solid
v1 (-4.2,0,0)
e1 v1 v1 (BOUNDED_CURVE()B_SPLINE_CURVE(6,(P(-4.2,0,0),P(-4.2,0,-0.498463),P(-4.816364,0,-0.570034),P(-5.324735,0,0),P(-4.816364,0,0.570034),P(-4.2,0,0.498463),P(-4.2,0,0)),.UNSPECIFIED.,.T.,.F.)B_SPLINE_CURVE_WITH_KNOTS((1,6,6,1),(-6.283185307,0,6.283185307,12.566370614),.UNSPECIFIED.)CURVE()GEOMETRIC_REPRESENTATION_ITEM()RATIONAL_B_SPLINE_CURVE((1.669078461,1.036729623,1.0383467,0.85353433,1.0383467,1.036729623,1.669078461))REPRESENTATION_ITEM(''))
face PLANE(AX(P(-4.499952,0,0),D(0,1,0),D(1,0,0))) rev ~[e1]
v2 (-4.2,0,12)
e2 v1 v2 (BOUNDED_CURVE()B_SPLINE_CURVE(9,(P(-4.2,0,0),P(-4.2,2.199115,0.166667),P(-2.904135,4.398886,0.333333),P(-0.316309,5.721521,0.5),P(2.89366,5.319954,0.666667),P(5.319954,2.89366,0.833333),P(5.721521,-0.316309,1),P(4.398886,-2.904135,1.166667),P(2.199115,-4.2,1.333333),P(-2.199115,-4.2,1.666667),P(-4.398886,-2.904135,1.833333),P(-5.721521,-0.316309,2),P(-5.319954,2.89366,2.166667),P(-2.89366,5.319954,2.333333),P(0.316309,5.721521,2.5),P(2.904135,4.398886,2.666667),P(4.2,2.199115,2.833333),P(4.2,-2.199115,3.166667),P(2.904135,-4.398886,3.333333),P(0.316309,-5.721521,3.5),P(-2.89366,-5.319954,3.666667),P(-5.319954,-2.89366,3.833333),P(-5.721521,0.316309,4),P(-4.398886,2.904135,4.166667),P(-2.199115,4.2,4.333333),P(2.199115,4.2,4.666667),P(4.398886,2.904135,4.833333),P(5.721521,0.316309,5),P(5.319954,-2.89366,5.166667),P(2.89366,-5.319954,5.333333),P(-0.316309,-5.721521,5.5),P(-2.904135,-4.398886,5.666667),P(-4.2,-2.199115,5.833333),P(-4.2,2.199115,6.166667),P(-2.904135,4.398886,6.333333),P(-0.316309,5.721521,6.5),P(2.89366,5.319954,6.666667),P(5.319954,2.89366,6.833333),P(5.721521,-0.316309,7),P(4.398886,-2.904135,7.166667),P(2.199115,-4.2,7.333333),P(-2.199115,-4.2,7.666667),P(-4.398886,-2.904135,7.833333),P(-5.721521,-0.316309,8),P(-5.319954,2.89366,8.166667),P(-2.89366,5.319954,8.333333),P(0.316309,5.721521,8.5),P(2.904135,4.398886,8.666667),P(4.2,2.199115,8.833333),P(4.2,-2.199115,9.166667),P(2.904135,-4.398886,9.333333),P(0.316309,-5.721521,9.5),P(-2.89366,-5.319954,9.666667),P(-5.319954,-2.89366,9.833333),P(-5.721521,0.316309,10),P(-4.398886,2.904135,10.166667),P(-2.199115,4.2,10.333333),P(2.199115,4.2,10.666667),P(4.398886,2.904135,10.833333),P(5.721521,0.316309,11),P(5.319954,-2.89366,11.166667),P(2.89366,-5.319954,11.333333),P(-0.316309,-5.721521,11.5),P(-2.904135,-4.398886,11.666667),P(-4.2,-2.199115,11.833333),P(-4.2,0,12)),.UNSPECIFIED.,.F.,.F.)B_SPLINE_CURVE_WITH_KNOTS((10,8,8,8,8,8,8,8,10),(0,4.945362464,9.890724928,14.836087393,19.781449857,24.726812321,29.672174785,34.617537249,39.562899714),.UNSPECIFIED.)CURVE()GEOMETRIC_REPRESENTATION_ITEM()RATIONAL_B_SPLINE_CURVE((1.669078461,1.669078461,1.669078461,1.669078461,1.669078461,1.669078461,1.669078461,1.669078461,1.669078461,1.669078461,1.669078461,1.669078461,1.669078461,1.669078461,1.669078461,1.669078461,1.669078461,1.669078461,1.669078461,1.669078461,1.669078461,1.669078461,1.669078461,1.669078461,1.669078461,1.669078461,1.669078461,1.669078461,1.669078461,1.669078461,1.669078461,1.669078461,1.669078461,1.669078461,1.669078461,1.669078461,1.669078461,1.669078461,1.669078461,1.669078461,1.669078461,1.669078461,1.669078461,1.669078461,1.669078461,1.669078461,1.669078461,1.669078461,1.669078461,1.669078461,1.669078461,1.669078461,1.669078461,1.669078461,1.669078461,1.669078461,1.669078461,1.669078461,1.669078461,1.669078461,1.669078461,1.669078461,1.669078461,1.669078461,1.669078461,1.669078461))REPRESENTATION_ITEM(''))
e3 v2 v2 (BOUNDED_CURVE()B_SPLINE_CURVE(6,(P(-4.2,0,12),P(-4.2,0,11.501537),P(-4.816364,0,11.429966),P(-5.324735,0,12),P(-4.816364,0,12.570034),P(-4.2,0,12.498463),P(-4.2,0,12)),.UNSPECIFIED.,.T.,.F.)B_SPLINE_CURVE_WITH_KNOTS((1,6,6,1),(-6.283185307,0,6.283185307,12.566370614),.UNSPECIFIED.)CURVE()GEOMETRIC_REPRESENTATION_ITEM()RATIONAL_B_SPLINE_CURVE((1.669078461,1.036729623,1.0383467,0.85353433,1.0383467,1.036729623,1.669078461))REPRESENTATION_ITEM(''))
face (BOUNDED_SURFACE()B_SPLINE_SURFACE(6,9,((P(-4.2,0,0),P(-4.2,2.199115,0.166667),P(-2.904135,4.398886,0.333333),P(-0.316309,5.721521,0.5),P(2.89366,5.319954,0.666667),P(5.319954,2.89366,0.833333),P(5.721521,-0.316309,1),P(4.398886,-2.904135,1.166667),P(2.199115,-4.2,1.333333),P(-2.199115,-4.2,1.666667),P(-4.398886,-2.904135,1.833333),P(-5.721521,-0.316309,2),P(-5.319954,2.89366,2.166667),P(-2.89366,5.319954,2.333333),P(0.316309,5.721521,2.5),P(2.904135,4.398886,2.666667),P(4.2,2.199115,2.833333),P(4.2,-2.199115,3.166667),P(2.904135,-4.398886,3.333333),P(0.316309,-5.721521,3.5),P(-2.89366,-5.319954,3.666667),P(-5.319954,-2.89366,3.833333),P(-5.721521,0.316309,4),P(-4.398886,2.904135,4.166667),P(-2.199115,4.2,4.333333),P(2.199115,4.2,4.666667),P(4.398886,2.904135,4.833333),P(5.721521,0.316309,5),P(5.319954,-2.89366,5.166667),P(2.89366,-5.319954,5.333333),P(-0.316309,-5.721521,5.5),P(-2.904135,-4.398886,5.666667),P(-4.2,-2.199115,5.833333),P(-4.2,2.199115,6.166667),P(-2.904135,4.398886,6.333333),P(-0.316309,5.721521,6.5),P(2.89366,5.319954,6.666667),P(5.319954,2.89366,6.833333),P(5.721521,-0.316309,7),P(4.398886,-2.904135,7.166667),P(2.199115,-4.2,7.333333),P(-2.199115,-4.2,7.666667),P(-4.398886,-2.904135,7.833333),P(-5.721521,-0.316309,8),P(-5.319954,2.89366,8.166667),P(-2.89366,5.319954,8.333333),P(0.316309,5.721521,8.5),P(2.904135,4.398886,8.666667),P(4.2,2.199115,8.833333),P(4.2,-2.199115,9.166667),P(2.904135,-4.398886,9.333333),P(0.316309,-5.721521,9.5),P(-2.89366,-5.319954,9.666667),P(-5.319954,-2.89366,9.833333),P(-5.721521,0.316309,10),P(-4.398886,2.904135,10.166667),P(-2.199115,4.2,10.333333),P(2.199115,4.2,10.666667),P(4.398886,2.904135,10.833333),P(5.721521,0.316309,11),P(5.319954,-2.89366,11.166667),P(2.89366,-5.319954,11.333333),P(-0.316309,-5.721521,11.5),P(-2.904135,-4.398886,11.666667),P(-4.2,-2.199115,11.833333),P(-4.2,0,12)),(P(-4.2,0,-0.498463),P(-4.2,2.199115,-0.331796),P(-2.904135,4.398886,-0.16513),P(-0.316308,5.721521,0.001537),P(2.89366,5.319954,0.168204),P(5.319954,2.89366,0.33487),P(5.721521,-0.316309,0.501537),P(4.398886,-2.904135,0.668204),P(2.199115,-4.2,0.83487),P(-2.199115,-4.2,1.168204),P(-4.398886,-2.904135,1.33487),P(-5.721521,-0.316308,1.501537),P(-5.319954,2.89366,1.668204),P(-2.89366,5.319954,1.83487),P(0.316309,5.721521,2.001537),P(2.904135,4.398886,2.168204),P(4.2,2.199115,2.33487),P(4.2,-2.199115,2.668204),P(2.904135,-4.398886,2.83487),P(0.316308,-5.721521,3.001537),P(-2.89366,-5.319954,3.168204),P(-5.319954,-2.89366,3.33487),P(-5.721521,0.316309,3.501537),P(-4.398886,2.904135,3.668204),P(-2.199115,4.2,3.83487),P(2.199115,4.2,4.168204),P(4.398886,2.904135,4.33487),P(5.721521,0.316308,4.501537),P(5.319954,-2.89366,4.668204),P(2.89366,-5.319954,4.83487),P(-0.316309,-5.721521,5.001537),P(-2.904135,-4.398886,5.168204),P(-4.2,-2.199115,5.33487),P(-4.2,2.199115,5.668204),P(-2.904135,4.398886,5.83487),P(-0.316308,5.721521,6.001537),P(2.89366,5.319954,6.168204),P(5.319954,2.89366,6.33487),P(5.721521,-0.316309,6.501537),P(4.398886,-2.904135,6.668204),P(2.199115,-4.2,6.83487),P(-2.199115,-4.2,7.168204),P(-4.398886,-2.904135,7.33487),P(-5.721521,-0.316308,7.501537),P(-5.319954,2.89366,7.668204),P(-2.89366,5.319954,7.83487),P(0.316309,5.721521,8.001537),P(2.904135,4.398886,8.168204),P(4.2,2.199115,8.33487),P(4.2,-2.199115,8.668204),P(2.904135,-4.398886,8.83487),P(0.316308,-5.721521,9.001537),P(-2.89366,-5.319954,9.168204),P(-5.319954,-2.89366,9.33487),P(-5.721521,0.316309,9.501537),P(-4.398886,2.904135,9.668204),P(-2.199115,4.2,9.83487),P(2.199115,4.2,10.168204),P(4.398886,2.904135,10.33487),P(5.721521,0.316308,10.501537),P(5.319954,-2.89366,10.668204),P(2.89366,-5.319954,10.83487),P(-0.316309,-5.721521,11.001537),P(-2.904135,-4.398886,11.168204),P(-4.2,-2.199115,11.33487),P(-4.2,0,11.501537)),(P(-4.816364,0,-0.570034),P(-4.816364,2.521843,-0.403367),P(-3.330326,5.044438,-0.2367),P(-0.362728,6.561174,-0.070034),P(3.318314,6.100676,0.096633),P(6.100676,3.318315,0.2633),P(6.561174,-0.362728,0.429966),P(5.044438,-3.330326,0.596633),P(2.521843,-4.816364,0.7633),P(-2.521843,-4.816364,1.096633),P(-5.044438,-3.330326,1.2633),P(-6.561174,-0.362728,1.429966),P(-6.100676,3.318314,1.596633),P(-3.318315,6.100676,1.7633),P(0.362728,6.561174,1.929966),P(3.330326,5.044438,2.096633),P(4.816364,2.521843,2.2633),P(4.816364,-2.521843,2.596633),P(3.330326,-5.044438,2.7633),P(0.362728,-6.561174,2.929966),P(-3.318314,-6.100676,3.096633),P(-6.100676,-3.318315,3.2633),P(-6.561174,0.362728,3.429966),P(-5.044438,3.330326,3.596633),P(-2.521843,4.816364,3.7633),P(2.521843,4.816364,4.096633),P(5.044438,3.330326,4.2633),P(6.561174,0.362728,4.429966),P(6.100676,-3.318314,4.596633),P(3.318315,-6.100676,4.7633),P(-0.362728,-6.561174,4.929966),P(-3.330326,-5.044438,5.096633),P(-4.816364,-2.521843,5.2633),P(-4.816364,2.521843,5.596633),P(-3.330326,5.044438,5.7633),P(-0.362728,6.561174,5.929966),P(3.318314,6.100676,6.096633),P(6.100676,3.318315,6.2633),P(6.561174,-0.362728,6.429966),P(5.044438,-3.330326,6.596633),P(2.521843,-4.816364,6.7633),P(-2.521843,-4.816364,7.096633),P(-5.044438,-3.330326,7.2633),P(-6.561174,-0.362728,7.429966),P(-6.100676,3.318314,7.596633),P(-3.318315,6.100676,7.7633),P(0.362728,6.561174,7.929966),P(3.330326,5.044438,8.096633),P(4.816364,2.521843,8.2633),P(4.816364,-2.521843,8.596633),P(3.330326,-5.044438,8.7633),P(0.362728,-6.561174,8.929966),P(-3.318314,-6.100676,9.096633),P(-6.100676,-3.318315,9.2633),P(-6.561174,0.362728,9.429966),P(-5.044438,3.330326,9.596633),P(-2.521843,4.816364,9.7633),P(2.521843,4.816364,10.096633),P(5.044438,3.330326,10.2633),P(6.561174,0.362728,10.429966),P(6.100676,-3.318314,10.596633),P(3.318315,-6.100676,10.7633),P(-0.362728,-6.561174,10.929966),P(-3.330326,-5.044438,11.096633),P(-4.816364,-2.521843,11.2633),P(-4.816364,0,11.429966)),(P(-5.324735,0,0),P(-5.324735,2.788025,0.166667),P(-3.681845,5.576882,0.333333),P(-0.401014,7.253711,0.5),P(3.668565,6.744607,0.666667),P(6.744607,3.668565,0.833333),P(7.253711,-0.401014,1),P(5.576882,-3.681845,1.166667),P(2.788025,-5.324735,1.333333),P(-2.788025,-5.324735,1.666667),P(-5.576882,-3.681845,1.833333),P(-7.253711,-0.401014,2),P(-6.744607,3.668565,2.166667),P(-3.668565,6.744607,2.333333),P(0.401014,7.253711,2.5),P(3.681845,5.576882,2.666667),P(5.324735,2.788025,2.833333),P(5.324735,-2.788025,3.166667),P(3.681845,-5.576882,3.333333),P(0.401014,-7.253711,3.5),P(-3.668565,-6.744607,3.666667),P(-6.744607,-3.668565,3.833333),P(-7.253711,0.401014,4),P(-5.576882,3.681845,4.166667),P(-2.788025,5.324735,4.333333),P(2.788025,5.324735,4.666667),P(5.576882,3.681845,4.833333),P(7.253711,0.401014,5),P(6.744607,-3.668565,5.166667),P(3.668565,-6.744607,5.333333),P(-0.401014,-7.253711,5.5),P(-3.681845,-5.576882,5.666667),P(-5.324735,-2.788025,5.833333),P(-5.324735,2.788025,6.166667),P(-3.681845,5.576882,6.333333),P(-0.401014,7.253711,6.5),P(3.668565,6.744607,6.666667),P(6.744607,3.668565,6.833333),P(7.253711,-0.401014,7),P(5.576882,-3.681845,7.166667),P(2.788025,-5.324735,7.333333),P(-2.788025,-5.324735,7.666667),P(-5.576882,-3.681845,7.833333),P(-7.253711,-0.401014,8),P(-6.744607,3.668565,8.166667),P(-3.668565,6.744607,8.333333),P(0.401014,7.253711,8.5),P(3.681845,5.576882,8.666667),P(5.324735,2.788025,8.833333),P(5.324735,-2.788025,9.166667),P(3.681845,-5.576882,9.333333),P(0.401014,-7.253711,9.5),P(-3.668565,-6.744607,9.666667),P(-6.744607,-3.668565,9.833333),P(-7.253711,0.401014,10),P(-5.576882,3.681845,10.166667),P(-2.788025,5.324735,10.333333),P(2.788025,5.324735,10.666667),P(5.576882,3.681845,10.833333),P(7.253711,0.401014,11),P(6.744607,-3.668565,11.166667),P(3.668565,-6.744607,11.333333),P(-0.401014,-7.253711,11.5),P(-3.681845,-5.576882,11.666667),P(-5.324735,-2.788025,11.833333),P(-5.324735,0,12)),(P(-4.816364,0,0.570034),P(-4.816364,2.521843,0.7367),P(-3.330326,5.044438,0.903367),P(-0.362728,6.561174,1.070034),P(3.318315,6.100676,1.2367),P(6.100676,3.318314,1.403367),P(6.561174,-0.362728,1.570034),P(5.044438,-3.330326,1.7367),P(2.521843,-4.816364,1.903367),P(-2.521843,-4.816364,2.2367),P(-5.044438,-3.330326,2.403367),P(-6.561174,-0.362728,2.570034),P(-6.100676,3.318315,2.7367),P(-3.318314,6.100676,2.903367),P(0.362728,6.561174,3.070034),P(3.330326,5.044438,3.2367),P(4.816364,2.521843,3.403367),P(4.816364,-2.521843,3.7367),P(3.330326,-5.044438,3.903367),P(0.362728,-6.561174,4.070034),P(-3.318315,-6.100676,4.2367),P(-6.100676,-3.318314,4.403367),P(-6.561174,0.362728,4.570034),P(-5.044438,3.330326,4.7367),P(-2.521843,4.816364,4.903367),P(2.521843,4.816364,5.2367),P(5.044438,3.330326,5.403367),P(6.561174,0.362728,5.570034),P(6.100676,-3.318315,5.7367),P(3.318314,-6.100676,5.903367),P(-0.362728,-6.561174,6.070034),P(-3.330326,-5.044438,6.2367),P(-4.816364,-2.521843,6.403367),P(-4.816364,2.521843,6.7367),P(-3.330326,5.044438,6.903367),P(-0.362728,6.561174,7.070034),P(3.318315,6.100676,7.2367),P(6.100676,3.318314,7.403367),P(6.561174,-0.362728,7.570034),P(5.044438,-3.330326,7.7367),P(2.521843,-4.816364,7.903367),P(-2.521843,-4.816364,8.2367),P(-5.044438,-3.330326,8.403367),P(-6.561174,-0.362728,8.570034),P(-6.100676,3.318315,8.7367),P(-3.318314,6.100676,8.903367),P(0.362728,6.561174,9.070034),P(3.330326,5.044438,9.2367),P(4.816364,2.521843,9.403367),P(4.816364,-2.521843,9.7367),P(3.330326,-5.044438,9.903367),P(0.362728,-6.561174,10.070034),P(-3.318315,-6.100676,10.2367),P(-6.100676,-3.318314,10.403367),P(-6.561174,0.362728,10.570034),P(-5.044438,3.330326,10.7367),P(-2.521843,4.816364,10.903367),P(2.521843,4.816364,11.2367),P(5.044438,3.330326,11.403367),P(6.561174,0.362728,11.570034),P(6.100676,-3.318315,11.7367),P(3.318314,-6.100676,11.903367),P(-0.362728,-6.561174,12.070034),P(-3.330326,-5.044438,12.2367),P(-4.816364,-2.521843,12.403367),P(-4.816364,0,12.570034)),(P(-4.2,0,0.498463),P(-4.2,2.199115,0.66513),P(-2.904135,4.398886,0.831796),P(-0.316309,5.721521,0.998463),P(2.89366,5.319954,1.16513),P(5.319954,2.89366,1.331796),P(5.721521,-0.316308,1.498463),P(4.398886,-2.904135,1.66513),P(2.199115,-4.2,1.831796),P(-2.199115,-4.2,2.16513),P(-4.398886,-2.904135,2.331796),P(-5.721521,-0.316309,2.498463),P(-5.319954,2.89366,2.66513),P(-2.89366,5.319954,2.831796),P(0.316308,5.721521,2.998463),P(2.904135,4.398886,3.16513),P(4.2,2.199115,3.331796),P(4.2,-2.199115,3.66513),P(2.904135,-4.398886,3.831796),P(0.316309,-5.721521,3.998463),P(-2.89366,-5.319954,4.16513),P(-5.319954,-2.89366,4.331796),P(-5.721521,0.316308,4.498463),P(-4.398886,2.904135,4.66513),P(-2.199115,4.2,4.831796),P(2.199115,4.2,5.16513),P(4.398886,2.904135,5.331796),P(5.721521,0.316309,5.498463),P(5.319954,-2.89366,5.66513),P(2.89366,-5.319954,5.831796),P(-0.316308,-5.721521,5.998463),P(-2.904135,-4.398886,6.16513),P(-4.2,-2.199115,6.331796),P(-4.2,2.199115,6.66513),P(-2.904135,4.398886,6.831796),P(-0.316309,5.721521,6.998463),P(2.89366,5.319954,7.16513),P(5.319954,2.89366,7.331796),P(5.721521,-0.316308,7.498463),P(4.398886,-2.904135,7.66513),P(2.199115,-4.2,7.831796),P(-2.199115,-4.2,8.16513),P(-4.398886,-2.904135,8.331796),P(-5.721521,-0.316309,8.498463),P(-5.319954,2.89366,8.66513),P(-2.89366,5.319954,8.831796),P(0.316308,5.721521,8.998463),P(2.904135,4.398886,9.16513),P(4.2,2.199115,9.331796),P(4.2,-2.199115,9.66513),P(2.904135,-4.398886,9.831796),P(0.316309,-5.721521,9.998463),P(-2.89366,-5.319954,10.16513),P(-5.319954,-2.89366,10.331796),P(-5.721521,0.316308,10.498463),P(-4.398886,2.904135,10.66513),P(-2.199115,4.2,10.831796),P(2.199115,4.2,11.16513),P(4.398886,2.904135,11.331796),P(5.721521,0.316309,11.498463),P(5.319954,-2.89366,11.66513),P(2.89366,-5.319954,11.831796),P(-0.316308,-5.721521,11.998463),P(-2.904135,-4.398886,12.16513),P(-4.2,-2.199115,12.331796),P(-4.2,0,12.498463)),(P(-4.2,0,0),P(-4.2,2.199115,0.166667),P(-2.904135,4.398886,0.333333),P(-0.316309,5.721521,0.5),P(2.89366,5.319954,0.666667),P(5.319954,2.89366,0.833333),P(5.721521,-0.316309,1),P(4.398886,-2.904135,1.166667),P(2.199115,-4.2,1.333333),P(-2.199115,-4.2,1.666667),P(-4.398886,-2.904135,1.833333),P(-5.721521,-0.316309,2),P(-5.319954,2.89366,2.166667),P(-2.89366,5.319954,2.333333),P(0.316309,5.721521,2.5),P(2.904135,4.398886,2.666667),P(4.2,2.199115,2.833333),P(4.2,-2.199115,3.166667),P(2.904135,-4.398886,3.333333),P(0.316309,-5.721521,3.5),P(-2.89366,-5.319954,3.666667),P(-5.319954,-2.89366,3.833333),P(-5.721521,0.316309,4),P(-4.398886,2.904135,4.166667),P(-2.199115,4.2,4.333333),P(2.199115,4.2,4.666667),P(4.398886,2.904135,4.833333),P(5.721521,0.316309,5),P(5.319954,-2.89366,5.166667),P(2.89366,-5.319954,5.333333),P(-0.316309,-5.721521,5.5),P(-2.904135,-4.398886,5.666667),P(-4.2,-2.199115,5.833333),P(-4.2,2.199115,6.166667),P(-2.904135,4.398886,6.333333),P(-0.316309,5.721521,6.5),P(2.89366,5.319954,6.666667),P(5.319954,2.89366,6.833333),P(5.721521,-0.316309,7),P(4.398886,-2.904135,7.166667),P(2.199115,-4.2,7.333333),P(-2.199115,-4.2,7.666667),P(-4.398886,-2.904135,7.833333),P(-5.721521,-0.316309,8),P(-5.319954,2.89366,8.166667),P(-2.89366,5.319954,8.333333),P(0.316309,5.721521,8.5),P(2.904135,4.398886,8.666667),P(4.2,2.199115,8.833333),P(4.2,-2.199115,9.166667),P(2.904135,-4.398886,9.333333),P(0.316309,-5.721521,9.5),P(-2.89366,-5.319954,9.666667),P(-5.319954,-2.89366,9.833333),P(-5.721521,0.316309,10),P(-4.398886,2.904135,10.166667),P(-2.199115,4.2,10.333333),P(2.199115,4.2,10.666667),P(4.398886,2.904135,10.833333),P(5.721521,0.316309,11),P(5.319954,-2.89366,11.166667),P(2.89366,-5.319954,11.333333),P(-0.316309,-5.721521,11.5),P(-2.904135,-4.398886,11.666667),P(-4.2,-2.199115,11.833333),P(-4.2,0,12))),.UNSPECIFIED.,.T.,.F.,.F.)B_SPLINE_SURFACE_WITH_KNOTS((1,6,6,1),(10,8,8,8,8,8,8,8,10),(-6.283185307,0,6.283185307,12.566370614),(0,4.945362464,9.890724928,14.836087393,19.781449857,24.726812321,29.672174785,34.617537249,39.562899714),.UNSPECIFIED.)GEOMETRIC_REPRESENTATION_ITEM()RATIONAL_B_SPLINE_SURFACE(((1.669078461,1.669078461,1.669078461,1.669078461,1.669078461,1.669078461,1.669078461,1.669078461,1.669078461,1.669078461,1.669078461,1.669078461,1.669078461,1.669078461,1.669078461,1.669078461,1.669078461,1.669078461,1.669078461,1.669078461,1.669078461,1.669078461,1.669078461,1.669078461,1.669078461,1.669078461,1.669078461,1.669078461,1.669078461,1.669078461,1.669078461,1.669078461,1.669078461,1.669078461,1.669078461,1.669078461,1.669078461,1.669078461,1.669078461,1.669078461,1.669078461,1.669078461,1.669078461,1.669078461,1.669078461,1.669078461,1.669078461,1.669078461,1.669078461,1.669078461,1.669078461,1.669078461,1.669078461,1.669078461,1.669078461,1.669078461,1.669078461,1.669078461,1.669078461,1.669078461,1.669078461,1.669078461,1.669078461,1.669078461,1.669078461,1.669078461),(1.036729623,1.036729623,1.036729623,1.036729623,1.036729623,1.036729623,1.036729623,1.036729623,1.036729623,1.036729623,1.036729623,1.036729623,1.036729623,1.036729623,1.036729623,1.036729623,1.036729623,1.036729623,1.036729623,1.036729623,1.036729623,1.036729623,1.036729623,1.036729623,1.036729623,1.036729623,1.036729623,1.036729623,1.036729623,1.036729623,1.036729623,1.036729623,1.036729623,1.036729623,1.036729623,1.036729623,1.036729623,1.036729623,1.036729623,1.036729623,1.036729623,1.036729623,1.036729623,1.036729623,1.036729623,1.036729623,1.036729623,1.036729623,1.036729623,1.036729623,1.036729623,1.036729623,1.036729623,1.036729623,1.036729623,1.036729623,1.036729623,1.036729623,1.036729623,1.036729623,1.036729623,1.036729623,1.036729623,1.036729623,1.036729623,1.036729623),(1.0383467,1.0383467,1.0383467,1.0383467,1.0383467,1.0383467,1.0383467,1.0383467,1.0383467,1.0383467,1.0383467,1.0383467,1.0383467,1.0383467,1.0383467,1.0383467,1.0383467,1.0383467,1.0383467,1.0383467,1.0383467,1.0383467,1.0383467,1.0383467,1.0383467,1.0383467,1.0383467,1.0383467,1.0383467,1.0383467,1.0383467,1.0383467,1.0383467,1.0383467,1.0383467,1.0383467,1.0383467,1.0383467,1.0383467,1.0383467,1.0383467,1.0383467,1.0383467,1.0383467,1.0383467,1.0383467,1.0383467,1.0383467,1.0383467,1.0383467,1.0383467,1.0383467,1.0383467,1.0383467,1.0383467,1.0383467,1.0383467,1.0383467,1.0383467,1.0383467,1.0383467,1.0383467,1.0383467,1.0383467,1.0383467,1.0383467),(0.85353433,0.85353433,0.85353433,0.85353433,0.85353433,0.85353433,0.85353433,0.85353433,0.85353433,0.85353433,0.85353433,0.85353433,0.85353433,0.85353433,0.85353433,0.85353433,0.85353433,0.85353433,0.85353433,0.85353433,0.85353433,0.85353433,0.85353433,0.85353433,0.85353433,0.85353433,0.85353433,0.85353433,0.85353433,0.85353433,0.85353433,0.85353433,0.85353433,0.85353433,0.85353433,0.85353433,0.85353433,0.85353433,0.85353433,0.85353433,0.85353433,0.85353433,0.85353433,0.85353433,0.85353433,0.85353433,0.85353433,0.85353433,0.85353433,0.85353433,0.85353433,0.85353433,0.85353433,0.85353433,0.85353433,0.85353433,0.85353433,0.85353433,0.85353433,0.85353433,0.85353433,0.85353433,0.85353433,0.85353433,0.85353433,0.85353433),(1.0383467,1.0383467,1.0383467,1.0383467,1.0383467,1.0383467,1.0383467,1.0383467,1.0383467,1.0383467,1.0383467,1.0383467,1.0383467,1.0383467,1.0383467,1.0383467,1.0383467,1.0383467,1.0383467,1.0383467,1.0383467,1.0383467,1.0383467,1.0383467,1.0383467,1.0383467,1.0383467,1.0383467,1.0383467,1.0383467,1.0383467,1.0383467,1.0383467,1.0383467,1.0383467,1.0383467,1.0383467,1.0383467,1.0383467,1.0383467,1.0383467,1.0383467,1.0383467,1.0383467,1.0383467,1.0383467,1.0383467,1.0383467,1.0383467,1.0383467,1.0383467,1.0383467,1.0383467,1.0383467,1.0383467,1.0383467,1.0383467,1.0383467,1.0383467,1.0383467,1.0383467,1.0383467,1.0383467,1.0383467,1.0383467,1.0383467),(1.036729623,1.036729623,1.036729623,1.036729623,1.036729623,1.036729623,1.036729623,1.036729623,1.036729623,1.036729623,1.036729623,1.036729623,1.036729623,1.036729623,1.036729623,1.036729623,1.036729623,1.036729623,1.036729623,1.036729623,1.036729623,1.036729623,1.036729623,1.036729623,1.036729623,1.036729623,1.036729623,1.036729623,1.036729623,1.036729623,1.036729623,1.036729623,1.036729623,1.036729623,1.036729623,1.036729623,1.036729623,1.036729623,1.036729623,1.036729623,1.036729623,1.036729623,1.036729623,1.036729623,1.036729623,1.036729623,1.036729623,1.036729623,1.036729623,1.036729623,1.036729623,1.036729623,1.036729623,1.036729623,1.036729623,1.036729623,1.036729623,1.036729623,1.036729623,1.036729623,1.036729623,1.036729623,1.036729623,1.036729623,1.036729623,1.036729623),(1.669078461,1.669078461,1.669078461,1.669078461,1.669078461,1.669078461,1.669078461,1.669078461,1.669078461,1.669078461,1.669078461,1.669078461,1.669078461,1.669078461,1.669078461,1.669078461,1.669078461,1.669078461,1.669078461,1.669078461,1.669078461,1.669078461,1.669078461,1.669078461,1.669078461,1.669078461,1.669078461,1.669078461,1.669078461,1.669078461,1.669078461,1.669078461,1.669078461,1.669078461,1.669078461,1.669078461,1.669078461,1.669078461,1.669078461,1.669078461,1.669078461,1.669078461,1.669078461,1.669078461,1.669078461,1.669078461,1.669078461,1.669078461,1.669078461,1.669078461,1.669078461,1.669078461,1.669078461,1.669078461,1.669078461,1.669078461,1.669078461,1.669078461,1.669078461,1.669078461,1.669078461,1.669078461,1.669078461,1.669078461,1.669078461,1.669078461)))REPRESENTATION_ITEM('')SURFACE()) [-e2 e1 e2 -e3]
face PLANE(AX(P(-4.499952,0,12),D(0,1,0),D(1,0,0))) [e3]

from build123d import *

# Parameters (mm, degrees)
SWEEP1_PITCH       = 2
SWEEP1_HEIGHT      = 12
SWEEP1_RADIUS      = 4.5
SWEEP1_START_ANGLE = -180
SKETCH2_R          = 0.3


with BuildPart() as part:
    # Sweep1: sweep along a helix
    with BuildLine() as sweep1_path:
        add(Helix(SWEEP1_PITCH, SWEEP1_HEIGHT, SWEEP1_RADIUS, center=(0, 0, 0), direction=(0, 0, 1), lefthand=True, mode=Mode.PRIVATE).rotate(Axis((0, 0, 0), (0, 0, 1)), SWEEP1_START_ANGLE))
    # Sketch2 → Sweep1 (sweep)
    with BuildSketch(Plane(origin=(0, 0, 0), x_dir=(1, 0, 0), z_dir=(0, 1, 0))):
        with Locations((-4.5, -12)):
            Circle(SKETCH2_R)
    sweep(path=sweep1_path.line, is_frenet=True)


solid = part.part
